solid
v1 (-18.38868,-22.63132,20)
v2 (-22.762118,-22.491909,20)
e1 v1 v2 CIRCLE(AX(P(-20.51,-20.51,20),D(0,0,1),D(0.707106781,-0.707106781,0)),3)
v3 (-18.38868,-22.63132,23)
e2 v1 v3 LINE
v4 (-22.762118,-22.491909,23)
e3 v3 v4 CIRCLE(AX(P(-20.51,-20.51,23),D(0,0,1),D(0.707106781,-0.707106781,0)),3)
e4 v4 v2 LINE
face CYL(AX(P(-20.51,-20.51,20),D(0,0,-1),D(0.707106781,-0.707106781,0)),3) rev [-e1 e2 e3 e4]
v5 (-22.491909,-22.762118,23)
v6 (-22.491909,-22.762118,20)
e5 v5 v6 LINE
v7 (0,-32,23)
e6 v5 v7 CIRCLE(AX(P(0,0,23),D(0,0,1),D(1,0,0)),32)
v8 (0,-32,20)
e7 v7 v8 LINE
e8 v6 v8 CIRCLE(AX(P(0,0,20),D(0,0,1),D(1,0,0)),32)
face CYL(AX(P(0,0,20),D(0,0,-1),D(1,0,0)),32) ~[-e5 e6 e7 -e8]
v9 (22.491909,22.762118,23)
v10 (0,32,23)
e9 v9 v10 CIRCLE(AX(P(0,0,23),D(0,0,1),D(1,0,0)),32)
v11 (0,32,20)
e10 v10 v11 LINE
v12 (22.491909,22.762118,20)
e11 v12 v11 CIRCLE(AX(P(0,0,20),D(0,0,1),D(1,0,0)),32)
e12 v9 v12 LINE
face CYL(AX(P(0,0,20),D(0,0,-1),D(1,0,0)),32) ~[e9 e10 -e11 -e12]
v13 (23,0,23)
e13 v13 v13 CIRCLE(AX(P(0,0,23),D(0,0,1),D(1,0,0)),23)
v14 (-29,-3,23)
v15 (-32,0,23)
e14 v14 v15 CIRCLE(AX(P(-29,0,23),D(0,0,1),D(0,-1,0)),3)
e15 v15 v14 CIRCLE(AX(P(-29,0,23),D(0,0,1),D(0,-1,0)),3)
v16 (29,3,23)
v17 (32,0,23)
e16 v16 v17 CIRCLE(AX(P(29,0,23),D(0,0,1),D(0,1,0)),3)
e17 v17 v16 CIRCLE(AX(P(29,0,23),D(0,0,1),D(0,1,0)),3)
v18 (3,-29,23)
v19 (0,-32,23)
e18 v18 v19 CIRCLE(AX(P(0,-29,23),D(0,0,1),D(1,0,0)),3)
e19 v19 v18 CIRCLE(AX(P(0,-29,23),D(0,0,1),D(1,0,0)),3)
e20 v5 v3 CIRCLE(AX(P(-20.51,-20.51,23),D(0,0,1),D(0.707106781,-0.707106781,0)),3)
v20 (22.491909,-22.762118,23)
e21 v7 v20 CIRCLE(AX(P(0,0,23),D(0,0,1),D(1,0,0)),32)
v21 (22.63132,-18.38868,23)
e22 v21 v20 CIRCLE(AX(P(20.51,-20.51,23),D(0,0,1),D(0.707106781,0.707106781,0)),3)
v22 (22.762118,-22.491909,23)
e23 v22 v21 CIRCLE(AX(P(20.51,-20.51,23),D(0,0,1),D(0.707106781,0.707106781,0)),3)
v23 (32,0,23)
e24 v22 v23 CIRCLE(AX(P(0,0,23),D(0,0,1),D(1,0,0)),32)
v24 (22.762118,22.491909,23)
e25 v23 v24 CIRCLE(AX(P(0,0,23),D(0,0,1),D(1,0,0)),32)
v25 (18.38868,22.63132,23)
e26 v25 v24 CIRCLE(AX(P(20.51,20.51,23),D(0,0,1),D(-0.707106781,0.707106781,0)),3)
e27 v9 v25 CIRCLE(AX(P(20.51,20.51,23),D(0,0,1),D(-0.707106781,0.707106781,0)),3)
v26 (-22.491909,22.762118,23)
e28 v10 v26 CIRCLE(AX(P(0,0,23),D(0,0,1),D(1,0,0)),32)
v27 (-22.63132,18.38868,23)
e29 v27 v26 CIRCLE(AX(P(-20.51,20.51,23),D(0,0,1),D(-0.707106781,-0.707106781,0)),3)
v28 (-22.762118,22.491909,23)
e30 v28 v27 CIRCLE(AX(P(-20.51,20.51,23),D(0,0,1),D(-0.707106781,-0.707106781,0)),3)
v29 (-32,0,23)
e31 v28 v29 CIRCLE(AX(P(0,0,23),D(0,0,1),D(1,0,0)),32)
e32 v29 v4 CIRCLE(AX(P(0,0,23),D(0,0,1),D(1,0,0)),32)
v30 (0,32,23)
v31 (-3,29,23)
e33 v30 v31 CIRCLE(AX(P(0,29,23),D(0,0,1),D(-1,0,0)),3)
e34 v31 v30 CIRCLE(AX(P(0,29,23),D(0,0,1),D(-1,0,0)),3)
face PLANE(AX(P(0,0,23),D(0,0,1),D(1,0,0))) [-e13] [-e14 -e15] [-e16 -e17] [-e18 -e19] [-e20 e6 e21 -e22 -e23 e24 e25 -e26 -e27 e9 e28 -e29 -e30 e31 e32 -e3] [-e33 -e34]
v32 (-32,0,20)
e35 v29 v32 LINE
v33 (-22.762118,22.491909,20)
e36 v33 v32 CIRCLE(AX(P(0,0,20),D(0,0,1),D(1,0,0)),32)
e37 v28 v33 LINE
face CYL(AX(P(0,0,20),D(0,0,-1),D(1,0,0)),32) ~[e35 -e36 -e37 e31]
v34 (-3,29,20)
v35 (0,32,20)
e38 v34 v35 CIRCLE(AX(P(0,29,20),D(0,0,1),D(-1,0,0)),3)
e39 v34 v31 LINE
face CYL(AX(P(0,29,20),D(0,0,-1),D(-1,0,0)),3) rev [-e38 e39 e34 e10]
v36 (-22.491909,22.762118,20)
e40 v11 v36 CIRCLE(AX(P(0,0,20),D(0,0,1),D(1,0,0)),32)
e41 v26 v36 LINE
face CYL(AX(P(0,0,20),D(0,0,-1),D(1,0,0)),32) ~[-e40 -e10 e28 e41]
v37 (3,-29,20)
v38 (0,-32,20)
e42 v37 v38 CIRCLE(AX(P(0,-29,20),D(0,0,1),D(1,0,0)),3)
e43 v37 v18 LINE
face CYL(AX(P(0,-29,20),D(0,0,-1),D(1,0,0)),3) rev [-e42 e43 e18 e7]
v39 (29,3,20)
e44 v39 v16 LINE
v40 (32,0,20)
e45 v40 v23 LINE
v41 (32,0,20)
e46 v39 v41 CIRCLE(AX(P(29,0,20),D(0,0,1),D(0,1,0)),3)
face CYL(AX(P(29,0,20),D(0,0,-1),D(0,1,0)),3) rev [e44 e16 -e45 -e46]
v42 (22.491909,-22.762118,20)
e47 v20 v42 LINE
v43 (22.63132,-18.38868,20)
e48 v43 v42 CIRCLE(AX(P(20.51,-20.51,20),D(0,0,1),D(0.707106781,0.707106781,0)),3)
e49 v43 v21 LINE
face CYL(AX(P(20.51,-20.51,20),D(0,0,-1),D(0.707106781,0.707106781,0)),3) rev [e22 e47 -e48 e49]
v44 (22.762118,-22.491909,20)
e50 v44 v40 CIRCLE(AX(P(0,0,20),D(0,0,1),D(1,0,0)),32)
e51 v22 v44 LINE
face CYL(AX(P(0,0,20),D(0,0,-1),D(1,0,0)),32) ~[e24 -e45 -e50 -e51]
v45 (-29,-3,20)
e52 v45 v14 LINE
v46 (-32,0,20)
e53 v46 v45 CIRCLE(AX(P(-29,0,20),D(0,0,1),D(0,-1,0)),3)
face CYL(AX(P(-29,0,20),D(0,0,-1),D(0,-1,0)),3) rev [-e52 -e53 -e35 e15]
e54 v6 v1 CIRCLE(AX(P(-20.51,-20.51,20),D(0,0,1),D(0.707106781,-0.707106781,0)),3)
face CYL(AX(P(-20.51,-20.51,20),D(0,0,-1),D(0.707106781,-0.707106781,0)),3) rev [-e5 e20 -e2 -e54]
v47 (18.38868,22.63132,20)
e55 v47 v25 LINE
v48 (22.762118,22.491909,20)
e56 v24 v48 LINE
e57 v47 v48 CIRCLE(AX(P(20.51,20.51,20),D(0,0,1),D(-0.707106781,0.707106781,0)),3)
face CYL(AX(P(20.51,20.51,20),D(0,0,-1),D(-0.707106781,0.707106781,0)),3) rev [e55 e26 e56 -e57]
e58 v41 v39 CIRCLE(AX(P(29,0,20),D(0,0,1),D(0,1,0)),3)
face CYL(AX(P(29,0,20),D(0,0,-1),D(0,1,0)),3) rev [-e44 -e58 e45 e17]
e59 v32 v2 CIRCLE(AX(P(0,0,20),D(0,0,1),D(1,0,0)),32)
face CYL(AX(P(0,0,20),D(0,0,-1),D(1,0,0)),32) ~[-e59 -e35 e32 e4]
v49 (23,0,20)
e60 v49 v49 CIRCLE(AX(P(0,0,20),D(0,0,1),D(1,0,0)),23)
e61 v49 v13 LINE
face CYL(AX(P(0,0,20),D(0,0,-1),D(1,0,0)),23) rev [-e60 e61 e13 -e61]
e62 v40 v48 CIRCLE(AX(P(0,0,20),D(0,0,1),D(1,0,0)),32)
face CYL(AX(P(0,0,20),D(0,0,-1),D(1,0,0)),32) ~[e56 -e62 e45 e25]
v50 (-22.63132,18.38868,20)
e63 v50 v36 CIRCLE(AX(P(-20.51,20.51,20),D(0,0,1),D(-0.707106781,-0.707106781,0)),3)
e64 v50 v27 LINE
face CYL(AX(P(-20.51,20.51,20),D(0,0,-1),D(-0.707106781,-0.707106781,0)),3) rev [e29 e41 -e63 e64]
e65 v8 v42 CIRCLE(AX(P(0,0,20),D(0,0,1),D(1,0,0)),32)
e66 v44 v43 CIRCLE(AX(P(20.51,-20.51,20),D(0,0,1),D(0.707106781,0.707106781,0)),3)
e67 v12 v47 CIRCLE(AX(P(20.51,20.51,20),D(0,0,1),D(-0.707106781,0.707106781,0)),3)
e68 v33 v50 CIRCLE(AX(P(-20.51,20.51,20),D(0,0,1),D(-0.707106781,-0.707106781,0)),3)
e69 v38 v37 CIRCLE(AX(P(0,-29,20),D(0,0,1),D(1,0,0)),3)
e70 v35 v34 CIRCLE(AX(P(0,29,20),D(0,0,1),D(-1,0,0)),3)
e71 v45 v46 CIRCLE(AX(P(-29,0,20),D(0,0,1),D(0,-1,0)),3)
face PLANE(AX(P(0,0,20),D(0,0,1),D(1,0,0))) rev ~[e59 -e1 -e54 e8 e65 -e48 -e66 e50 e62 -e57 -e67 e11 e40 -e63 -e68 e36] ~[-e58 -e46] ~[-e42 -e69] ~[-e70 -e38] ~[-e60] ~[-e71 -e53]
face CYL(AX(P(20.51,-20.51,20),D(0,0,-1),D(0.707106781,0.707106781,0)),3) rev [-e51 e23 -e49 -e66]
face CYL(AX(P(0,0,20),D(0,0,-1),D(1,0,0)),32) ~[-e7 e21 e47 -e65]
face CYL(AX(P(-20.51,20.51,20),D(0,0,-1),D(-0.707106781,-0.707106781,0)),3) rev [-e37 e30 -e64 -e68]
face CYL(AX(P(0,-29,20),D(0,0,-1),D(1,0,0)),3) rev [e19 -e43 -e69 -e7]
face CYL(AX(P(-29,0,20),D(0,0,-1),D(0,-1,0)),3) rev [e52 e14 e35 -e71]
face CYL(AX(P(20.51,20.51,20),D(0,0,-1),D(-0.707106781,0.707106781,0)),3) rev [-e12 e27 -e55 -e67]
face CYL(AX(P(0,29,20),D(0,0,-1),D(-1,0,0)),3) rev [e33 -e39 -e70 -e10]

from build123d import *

# Parameters (mm, degrees)
CYLINDER206_R               = 3
CYLINDER206_DEPTH           = 3
CYLINDER206_PLACEMENT_ANGLE = 45
CYLINDER203_R               = 3
CYLINDER203_DEPTH           = 3
CYLINDER205_R               = 3
CYLINDER205_DEPTH           = 3
CYLINDER205_PLACEMENT_ANGLE = 135
CYLINDER207_R               = 3
CYLINDER207_DEPTH           = 3
CYLINDER208_R               = 3
CYLINDER208_DEPTH           = 3
CYLINDER208_PLACEMENT_ANGLE = 225
CYLINDER209_R               = 3
CYLINDER209_DEPTH           = 3
CYLINDER210_R               = 3
CYLINDER210_DEPTH           = 3
CYLINDER210_PLACEMENT_ANGLE = 45
CYLINDER204_R               = 3
CYLINDER204_DEPTH           = 3
TUBE013_R                   = 32
TUBE013_R_2                 = 23
TUBE013_DEPTH               = 3


with BuildPart() as v_lec206:
    # Cylinder206 → Cylinder206 (new body)
    with BuildSketch(Plane.XY):
        Circle(CYLINDER206_R)
    extrude(amount=CYLINDER206_DEPTH)


with BuildPart() as v_lec206_1:
    # Cylinder206 placement: moved
    add(v_lec206.part.moved(Location((20.51, -20.51, 20))).rotate(Axis((20.51, -20.51, 20), (0, 0, 1)), CYLINDER206_PLACEMENT_ANGLE))


with BuildPart() as v_lec203:
    # Cylinder203 → Cylinder203 (new body)
    with BuildSketch(Plane(origin=(29, 0, 20), x_dir=(0, 1, 0), z_dir=(0, 0, 1))):
        Circle(CYLINDER203_R)
    extrude(amount=CYLINDER203_DEPTH)


with BuildPart() as v_lec205:
    # Cylinder205 → Cylinder205 (new body)
    with BuildSketch(Plane.XY):
        Circle(CYLINDER205_R)
    extrude(amount=CYLINDER205_DEPTH)


with BuildPart() as v_lec205_1:
    # Cylinder205 placement: moved
    add(v_lec205.part.moved(Location((20.51, 20.51, 20))).rotate(Axis((20.51, 20.51, 20), (0, 0, 1)), CYLINDER205_PLACEMENT_ANGLE))


with BuildPart() as v_lec207:
    # Cylinder207 → Cylinder207 (new body)
    with BuildSketch(Plane(origin=(0, 29, 20), x_dir=(-1, 0, 0), z_dir=(0, 0, 1))):
        Circle(CYLINDER207_R)
    extrude(amount=CYLINDER207_DEPTH)


with BuildPart() as v_lec208:
    # Cylinder208 → Cylinder208 (new body)
    with BuildSketch(Plane.XY):
        Circle(CYLINDER208_R)
    extrude(amount=CYLINDER208_DEPTH)


with BuildPart() as v_lec208_1:
    # Cylinder208 placement: moved
    add(v_lec208.part.moved(Location((-20.51, 20.51, 20))).rotate(Axis((-20.51, 20.51, 20), (0, 0, 1)), CYLINDER208_PLACEMENT_ANGLE))


with BuildPart() as v_lec209:
    # Cylinder209 → Cylinder209 (new body)
    with BuildSketch(Plane(origin=(-29, 0, 20), x_dir=(0, -1, 0), z_dir=(0, 0, 1))):
        Circle(CYLINDER209_R)
    extrude(amount=CYLINDER209_DEPTH)


with BuildPart() as v_lec210:
    # Cylinder210 → Cylinder210 (new body)
    with BuildSketch(Plane.XY):
        Circle(CYLINDER210_R)
    extrude(amount=CYLINDER210_DEPTH)


with BuildPart() as v_lec210_1:
    # Cylinder210 placement: moved
    add(v_lec210.part.moved(Location((-20.51, -20.51, 20))).rotate(Axis((-20.51, -20.51, 20), (0, 0, -1)), CYLINDER210_PLACEMENT_ANGLE))


with BuildPart() as compound546:
    # Cylinder204 → Cylinder204 (new body)
    with BuildSketch(Plane(origin=(0, -29, 20), x_dir=(1, 0, 0), z_dir=(0, 0, 1))):
        Circle(CYLINDER204_R)
    extrude(amount=CYLINDER204_DEPTH)

    # Compound546: union Válec206, Válec203, Válec205, Válec207, Válec208, Válec209, Válec210
    add(v_lec206_1.part)
    add(v_lec203.part)
    add(v_lec205_1.part)
    add(v_lec207.part)
    add(v_lec208_1.part)
    add(v_lec209.part)
    add(v_lec210_1.part)


with BuildPart() as cut320:
    # Tube013 → Tube013 (new body)
    with BuildSketch(Plane.XY.offset(20)):
        Circle(TUBE013_R)
        Circle(TUBE013_R_2, mode=Mode.SUBTRACT)
    extrude(amount=TUBE013_DEPTH)

    # Cut320: cut Compound546
    add(compound546.part, mode=Mode.SUBTRACT)


solid = cut320.part
